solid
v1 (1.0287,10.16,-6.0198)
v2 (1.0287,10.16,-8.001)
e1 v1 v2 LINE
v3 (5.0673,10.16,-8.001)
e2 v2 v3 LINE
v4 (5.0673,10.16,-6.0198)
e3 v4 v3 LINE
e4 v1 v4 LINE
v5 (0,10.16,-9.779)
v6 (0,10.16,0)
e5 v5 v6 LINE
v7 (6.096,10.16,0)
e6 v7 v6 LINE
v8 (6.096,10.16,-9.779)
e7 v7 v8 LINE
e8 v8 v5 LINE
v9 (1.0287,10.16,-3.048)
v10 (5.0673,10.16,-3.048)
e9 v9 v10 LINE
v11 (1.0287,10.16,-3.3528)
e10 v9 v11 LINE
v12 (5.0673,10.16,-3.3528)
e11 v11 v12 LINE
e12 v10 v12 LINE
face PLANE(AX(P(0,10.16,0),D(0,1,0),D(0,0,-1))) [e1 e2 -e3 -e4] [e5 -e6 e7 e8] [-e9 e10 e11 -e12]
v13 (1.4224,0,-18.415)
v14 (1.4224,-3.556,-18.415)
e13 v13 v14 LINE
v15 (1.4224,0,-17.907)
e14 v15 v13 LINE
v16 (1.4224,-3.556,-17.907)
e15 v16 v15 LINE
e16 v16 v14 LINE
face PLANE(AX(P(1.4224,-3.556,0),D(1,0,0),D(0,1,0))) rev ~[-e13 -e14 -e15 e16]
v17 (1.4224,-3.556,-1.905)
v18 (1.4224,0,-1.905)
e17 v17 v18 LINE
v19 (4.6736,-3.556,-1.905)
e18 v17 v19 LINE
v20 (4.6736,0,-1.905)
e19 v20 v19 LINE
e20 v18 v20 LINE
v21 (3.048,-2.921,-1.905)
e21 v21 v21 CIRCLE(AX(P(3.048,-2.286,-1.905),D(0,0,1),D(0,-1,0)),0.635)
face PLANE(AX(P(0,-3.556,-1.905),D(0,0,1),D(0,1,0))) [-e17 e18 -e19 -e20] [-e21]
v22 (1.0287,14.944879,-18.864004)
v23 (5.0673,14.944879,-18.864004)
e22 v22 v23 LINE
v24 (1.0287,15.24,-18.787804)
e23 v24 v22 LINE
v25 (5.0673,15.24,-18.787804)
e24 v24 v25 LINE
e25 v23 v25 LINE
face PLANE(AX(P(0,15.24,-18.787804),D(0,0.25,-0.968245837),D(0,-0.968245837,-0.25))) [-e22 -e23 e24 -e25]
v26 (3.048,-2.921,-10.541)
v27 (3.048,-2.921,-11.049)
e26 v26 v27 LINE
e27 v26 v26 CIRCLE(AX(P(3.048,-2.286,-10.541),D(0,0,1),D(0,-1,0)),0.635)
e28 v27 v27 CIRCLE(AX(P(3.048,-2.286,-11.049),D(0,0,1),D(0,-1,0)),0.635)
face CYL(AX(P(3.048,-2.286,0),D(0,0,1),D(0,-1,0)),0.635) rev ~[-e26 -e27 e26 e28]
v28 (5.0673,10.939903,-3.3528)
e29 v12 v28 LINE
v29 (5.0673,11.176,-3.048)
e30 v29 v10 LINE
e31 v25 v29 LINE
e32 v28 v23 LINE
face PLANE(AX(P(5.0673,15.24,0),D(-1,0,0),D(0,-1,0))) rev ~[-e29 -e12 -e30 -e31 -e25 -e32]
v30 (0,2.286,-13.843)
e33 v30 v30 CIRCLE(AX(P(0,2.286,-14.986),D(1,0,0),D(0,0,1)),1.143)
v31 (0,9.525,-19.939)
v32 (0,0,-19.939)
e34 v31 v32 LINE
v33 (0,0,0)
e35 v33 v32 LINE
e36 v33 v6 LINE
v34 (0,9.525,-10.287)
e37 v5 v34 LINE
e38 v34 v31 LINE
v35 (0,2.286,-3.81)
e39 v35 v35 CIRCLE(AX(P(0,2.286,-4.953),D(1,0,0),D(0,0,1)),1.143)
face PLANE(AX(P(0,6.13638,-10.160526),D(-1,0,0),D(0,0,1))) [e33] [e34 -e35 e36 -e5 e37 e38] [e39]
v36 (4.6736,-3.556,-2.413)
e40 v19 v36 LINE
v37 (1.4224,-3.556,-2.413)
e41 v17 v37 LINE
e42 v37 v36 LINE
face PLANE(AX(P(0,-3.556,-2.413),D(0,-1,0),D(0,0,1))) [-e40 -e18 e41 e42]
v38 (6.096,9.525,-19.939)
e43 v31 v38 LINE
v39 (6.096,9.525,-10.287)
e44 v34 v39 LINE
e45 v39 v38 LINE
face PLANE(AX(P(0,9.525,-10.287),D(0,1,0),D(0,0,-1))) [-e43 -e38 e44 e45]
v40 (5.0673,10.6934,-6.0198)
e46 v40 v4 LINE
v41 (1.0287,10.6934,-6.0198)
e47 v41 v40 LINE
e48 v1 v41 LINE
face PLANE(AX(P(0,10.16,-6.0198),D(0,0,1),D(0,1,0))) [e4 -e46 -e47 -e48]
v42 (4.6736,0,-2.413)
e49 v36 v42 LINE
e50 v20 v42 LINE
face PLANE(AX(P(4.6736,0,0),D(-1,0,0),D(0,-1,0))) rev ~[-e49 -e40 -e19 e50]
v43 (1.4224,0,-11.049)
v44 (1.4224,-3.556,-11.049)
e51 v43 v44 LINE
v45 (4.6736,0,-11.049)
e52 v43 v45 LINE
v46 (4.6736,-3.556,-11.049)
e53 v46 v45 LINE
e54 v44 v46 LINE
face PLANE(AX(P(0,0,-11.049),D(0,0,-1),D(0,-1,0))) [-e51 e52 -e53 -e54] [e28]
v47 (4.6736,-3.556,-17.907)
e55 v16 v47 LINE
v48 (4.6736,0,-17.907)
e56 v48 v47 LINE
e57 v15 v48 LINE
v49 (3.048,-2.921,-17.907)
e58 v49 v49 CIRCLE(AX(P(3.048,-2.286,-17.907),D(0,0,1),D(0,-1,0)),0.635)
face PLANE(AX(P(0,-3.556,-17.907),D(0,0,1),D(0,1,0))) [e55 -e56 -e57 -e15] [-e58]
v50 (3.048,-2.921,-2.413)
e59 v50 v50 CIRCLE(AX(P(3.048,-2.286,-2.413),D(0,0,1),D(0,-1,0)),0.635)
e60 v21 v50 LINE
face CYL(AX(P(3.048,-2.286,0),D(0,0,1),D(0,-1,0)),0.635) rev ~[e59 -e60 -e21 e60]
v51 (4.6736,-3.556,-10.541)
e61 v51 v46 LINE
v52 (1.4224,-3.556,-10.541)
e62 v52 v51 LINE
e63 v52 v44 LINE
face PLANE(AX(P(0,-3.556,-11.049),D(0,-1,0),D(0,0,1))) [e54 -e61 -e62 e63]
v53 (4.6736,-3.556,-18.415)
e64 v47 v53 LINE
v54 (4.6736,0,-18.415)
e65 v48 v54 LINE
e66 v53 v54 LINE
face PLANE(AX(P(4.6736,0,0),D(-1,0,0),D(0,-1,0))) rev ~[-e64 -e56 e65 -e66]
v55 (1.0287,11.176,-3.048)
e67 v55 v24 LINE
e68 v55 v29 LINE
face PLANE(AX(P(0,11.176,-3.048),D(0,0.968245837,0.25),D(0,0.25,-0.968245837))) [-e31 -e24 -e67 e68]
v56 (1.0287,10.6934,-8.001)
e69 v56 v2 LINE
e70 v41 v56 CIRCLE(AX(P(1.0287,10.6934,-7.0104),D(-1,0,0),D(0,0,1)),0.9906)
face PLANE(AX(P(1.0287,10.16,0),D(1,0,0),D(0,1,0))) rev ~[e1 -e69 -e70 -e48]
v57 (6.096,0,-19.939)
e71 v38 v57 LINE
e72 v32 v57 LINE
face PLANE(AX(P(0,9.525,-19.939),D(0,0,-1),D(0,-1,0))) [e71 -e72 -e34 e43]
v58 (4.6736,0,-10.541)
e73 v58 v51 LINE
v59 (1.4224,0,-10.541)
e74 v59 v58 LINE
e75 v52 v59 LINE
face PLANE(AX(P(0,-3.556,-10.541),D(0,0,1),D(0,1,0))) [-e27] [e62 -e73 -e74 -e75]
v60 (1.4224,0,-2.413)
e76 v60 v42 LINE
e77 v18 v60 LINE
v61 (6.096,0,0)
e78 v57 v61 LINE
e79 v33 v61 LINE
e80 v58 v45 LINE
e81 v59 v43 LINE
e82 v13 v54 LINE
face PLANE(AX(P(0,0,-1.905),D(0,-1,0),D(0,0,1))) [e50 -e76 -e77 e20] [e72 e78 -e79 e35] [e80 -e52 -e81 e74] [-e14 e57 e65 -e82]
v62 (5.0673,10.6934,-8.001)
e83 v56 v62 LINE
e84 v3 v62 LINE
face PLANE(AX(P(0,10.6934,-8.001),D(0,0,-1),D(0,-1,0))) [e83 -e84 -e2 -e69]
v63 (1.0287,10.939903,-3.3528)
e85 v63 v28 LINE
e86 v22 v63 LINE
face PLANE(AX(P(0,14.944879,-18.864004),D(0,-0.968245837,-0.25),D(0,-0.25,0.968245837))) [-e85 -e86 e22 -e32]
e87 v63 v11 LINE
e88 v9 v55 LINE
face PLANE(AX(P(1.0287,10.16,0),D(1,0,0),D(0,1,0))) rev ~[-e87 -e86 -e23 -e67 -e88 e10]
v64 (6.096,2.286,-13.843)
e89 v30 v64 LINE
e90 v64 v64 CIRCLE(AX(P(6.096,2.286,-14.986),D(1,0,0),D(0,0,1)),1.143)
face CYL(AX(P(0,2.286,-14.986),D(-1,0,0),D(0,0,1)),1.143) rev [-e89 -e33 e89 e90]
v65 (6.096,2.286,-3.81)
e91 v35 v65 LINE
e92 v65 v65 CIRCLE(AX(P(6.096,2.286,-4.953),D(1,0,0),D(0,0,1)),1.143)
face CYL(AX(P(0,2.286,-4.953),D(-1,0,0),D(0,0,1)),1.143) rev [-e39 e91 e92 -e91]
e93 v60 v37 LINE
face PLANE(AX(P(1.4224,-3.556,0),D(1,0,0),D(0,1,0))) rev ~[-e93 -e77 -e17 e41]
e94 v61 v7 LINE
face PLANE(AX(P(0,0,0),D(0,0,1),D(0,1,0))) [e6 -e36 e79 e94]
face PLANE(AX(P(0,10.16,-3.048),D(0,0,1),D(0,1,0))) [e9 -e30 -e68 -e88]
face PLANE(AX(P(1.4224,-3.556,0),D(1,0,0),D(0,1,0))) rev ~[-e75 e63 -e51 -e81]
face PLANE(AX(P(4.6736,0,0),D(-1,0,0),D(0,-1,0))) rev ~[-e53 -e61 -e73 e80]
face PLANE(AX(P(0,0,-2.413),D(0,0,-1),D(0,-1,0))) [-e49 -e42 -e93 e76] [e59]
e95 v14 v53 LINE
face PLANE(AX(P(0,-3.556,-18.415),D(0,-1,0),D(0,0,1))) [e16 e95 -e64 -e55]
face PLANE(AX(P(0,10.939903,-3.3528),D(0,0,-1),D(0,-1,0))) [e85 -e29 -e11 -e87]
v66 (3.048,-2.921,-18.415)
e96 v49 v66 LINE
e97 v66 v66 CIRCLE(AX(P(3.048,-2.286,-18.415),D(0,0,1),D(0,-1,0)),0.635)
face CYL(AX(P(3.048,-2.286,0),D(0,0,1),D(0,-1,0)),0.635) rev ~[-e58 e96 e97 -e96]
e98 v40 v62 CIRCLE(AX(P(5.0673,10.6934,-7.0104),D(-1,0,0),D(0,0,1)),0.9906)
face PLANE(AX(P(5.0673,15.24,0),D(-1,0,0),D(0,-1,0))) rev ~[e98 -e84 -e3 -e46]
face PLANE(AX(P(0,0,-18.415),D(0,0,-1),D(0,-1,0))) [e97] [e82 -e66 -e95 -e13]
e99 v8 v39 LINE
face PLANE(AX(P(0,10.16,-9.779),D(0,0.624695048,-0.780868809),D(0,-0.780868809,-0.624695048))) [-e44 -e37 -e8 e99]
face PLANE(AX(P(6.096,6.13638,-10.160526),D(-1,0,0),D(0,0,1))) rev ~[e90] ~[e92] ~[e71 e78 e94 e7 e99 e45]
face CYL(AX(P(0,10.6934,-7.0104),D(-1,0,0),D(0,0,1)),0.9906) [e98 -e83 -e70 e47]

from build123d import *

# Parameters (mm, degrees)
SKETCH1_R         = 1.143
MAINBODY_DEPTH    = 6.096
SKETCH2_OUTSIDE_W = 13.71
SKETCH2_OUTSIDE_H = 26.41
SKETCH2_OUTSIDE_R = 0.635
SIDETRIM_DEPTH    = 19.939


with BuildPart() as part:
    # Sketch1 → MainBody (new body)
    with BuildSketch(Plane(origin=(0, 0, 0), x_dir=(0, 0, -1), z_dir=(1, 0, 0))):
        with BuildLine():
            Line((0, 0), (0, 10.16))
            Line((0, 10.16), (3.048, 10.16))
            Line((3.048, 10.16), (3.048, 11.176))
            Line((3.048, 11.176), (18.787804319, 15.24))
            Line((18.787804319, 15.24), (18.864004319, 14.944878669))
            Line((18.864004319, 14.944878669), (3.3528, 10.939902935))
            Line((3.3528, 10.939902935), (3.3528, 10.16))
            Line((3.3528, 10.16), (6.0198, 10.16))
            Line((6.0198, 10.16), (6.0198, 10.6934))
            ThreePointArc((6.0198, 10.6934), (7.0104, 11.684), (8.001, 10.6934))
            Line((8.001, 10.6934), (8.001, 10.16))
            Line((8.001, 10.16), (9.779, 10.16))
            Line((9.779, 10.16), (10.287, 9.525))
            Line((10.287, 9.525), (19.939, 9.525))
            Line((19.939, 9.525), (19.939, 0))
            Line((19.939, 0), (18.415, 0))
            Line((18.415, 0), (18.415, -3.556))
            Line((18.415, -3.556), (17.907, -3.556))
            Line((17.907, -3.556), (17.907, 0))
            Line((17.907, 0), (11.049, 0))
            Line((11.049, 0), (11.049, -3.556))
            Line((11.049, -3.556), (10.541, -3.556))
            Line((10.541, -3.556), (10.541, 0))
            Line((10.541, 0), (2.413, 0))
            Line((2.413, 0), (2.413, -3.556))
            Line((2.413, -3.556), (1.905, -3.556))
            Line((1.905, -3.556), (1.905, 0))
            Line((1.905, 0), (0, 0))
        make_face()
        with Locations(Location((4.953, 2.286, 0), (0, 0, 180))):
            Circle(SKETCH1_R, mode=Mode.SUBTRACT)
        with Locations(Location((14.986, 2.286, 0), (0, 0, 180))):
            Circle(SKETCH1_R, mode=Mode.SUBTRACT)
    extrude(amount=MAINBODY_DEPTH)

    # Sketch2 outside → SideTrim (cut)
    # profile 1 of 2: a face of its own
    with BuildSketch(Plane.XY):
        with Locations((3.048, 5.842)):
            Rectangle(SKETCH2_OUTSIDE_W, SKETCH2_OUTSIDE_H)
        Polygon((0, 10.16), (1.0287, 10.16), (1.0287, 15.24), (5.0673, 15.24), (5.0673, 10.16), (6.096, 10.16), (6.096, 0), (4.6736, 0), (4.6736, -3.556), (1.4224, -3.556), (1.4224, 0), (0, 0), align=None, mode=Mode.SUBTRACT)
    # profile 2 of 2: a face of its own
    with BuildSketch(Plane.XY):
        with Locations(Location((3.048, -2.286, 0), (0, 0, 270))):
            Circle(SKETCH2_OUTSIDE_R)
    extrude(amount=-SIDETRIM_DEPTH, mode=Mode.SUBTRACT)


solid = part.part
